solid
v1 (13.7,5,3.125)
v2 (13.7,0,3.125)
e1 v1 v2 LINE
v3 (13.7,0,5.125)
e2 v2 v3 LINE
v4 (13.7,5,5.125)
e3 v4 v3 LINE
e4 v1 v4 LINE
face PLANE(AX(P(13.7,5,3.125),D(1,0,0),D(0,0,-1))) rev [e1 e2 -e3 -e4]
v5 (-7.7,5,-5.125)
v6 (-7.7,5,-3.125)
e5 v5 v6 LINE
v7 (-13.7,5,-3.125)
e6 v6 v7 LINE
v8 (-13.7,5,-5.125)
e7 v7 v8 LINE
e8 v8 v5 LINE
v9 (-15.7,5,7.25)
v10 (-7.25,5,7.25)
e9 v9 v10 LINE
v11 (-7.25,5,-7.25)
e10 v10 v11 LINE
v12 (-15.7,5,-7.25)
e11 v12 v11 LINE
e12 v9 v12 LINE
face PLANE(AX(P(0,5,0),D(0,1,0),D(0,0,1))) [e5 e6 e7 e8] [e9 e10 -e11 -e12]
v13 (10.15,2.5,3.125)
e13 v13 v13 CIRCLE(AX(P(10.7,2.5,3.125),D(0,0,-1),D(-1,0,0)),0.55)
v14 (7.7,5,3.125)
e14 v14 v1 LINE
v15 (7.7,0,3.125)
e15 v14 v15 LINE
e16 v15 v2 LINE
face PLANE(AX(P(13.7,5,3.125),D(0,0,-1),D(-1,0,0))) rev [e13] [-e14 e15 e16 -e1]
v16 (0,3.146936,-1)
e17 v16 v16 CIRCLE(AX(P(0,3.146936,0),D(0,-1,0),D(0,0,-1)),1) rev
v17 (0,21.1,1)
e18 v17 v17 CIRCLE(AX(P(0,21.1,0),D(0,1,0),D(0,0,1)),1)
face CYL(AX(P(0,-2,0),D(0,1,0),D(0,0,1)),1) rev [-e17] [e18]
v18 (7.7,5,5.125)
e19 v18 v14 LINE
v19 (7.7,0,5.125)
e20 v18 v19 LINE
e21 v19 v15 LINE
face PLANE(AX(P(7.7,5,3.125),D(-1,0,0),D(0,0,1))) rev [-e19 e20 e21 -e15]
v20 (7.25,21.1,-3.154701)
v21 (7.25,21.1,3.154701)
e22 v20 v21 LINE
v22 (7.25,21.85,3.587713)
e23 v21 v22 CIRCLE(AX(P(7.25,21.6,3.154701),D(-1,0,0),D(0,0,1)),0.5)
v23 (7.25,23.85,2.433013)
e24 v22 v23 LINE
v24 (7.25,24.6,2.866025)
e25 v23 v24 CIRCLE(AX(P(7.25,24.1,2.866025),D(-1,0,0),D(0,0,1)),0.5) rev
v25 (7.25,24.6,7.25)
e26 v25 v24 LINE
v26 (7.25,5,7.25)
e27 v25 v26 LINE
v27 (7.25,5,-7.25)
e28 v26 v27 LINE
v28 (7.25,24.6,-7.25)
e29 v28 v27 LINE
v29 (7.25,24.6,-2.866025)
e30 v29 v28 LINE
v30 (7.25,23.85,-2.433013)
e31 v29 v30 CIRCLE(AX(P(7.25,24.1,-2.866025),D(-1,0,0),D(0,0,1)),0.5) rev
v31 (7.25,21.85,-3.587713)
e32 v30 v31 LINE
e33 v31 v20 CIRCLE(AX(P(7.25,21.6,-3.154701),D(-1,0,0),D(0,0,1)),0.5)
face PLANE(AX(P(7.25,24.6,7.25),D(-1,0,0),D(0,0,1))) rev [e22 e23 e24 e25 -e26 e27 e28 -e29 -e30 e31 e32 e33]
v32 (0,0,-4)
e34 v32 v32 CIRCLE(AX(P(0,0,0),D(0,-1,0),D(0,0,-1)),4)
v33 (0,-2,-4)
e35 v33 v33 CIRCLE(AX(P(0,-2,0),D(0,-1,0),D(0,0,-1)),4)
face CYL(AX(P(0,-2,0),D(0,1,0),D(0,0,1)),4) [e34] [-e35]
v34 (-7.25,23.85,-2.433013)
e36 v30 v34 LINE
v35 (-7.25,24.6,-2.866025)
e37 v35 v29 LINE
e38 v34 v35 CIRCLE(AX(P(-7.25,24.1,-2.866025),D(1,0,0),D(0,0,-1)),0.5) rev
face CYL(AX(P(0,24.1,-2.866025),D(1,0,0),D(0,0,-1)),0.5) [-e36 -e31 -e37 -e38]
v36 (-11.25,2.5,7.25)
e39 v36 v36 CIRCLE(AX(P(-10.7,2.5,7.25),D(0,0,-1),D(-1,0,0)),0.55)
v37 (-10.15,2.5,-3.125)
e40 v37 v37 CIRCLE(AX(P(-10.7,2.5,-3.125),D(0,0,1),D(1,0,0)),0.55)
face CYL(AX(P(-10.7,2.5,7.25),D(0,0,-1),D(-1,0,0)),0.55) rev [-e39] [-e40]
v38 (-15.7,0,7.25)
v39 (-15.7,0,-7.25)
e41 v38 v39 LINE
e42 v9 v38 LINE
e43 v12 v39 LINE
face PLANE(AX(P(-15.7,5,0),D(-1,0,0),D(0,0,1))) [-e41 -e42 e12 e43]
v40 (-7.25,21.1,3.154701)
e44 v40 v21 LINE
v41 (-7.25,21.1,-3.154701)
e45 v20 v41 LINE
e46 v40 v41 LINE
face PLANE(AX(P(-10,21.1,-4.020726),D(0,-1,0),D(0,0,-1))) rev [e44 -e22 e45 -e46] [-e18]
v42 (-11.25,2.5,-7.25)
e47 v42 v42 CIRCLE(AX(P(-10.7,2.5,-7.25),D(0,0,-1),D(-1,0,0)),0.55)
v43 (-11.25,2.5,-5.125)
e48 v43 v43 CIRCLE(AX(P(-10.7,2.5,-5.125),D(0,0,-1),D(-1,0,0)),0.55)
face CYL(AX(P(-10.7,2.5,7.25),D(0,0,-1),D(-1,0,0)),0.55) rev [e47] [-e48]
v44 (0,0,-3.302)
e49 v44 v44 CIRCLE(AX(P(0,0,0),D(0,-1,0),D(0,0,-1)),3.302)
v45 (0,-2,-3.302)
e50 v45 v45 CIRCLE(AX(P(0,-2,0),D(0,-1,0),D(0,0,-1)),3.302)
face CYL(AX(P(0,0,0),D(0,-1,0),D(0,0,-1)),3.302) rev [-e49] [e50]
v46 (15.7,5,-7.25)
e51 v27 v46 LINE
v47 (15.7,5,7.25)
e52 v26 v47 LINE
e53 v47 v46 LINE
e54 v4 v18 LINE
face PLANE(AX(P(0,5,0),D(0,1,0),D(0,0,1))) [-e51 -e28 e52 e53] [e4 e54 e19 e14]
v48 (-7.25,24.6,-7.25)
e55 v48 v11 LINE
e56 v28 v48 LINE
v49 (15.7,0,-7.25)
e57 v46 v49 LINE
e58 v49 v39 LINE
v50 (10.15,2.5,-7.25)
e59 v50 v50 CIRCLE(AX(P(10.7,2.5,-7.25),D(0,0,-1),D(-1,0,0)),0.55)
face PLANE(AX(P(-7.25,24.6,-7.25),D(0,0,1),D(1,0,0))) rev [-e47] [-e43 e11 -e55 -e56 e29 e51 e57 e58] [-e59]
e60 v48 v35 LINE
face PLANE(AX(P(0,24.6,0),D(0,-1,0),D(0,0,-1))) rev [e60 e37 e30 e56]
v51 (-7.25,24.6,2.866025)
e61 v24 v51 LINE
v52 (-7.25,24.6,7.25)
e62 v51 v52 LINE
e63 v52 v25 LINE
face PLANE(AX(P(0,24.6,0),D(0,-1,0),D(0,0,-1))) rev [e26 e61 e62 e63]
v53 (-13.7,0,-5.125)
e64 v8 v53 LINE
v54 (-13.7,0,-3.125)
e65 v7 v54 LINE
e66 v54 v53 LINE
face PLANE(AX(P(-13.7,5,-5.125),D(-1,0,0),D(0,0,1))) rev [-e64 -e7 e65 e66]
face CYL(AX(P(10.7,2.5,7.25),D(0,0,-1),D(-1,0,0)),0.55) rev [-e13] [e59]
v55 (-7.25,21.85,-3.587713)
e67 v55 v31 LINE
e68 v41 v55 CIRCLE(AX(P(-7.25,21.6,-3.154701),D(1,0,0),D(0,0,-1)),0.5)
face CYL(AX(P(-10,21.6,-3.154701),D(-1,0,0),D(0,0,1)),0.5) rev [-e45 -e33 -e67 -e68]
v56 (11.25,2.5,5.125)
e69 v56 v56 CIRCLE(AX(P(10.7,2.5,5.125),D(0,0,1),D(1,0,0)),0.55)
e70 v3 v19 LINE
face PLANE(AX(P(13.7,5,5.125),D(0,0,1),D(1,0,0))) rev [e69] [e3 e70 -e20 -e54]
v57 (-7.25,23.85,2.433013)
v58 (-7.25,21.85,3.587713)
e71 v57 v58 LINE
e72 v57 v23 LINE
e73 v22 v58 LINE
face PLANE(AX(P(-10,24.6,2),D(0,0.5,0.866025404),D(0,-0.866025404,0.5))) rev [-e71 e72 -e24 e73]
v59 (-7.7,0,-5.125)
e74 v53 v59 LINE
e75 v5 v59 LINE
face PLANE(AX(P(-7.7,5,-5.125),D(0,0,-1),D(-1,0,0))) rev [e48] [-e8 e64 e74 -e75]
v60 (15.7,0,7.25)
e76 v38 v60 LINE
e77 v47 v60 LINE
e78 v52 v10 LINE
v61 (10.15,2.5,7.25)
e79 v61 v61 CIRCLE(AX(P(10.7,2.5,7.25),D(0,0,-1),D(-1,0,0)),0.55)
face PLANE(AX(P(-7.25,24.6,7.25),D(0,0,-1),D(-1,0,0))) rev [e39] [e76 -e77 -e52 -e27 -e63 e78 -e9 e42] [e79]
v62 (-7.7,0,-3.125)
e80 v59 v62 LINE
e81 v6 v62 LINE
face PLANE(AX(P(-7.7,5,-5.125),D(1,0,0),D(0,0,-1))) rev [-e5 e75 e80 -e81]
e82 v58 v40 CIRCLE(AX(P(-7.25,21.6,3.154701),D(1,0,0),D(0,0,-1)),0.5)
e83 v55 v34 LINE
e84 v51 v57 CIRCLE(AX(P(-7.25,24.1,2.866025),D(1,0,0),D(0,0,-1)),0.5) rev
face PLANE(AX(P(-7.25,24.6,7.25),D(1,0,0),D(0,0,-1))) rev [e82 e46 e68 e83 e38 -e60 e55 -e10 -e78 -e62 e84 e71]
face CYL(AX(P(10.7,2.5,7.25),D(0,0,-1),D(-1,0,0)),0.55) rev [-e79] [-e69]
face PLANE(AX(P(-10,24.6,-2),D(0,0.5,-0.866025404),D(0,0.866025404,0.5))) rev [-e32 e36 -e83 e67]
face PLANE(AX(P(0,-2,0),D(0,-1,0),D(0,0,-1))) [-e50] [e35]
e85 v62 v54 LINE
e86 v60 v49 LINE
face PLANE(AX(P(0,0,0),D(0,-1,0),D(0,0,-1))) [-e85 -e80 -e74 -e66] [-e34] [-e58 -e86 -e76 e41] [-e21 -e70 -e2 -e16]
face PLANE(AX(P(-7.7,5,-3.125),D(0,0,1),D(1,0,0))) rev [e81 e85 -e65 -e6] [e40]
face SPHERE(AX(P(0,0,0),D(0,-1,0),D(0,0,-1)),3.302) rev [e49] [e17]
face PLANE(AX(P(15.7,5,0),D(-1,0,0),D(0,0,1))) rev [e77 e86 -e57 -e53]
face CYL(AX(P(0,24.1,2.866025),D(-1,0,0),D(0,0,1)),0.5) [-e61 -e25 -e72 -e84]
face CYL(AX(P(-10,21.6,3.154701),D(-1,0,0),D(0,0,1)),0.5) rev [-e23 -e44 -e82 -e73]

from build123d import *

# Parameters (mm, degrees)
SKETCH1_W           = 14.5
SKETCH1_H           = 14.5
BOSS_EXTRUDE1_DEPTH = 24.6
CUT_EXTRUDE1_DEPTH  = 10
SKETCH4_R           = 4
BOSS_EXTRUDE2_DEPTH = 2
FILLET1_R           = 0.5
SKETCH6_W           = 8.45
SKETCH6_H           = 14.5
BOSS_EXTRUDE3_DEPTH = 5
SKETCH7_W           = 6
SKETCH7_H           = 2
CUT_EXTRUDE2_DEPTH  = 5
SKETCH8_R           = 0.55
CUT_EXTRUDE3_DEPTH  = 33.586807146
SKETCH9_R           = 1
CUT_EXTRUDE4_DEPTH  = 29.855891946


with BuildPart() as part:
    # Sketch1 → Boss-Extrude1 (new body)
    with BuildSketch(Plane(origin=(0, 0, 0), x_dir=(1, 0, 0), z_dir=(0, 1, 0))):
        Rectangle(SKETCH1_W, SKETCH1_H)
    extrude(amount=BOSS_EXTRUDE1_DEPTH)

    # Sketch2 → Cut-Extrude1 (cut, symmetric)
    with BuildSketch(Plane(origin=(0, 0, 0), x_dir=(0, 0, -1), z_dir=(1, 0, 0))):
        Polygon((-2, 24.6), (2, 24.6), (4.020725942, 21.1), (-4.020725942, 21.1), align=None)
    extrude(amount=CUT_EXTRUDE1_DEPTH, both=True, mode=Mode.SUBTRACT)

    # Sketch4 → Boss-Extrude2 (add)
    with BuildSketch(Plane.XZ):
        with Locations(Location((0, 0, 0), (0, 0, 270))):
            Circle(SKETCH4_R)
    extrude(amount=BOSS_EXTRUDE2_DEPTH)

    # Sketch3 → Cut-Revolve1 (revolve, cut)
    with BuildSketch(Plane(origin=(0, 0, 0), x_dir=(0, 0, -1), z_dir=(1, 0, 0))):
        with BuildLine():
            Line((3.302, 0), (3.302, -3.302))
            Line((3.302, -3.302), (0, -3.302))
            Line((0, -3.302), (0, 0))
            Line((0, 0), (0, 3.302))
            ThreePointArc((0, 3.302), (2.334866591, 2.334866591), (3.302, 0))
        make_face()
    revolve(axis=Axis((0, 0, 0), (0, 1, 0)), mode=Mode.SUBTRACT)

    # Fillet1
    fillet1_edges = [part.edges().sort_by_distance(p)[0] for p in [
        (0, 24.6, 2),
        (0, 24.6, -2),
        (0, 21.1, -4.020725942),
        (0, 21.1, 4.020725942),
    ]]
    fillet(fillet1_edges, radius=FILLET1_R)

    # Sketch6 → Boss-Extrude3 (add)
    with BuildSketch(Plane(origin=(0, 0, 0), x_dir=(1, 0, 0), z_dir=(0, 1, 0))):
        with Locations((11.475, 0)):
            Rectangle(SKETCH6_W, SKETCH6_H)
        with Locations((-11.475, 0)):
            Rectangle(SKETCH6_W, SKETCH6_H)
    extrude(amount=BOSS_EXTRUDE3_DEPTH)

    # Sketch7 → Cut-Extrude2 (cut)
    with BuildSketch(Plane.XZ):
        with Locations((10.7, 4.125)):
            Rectangle(SKETCH7_W, SKETCH7_H)
        with Locations((-10.7, -4.125)):
            Rectangle(SKETCH7_W, SKETCH7_H)
    extrude(amount=-CUT_EXTRUDE2_DEPTH, mode=Mode.SUBTRACT)

    # Sketch8 → Cut-Extrude3 (cut, through all)
    with BuildSketch(Plane(origin=(0, 0, -7.25), x_dir=(-1, 0, 0), z_dir=(0, 0, -1))):
        with Locations((-10.7, 2.5)):
            Circle(SKETCH8_R)
        with Locations((10.7, 2.5)):
            Circle(SKETCH8_R)
    extrude(amount=-CUT_EXTRUDE3_DEPTH, mode=Mode.SUBTRACT)

    # Sketch9 → Cut-Extrude4 (cut, through all)
    with BuildSketch(Plane(origin=(0, 21.1, 0), x_dir=(1, 0, 0), z_dir=(0, 1, 0))):
        with Locations(Location((0, 0, 0), (0, 0, 270))):
            Circle(SKETCH9_R)
    extrude(amount=-CUT_EXTRUDE4_DEPTH, mode=Mode.SUBTRACT)


solid = part.part
